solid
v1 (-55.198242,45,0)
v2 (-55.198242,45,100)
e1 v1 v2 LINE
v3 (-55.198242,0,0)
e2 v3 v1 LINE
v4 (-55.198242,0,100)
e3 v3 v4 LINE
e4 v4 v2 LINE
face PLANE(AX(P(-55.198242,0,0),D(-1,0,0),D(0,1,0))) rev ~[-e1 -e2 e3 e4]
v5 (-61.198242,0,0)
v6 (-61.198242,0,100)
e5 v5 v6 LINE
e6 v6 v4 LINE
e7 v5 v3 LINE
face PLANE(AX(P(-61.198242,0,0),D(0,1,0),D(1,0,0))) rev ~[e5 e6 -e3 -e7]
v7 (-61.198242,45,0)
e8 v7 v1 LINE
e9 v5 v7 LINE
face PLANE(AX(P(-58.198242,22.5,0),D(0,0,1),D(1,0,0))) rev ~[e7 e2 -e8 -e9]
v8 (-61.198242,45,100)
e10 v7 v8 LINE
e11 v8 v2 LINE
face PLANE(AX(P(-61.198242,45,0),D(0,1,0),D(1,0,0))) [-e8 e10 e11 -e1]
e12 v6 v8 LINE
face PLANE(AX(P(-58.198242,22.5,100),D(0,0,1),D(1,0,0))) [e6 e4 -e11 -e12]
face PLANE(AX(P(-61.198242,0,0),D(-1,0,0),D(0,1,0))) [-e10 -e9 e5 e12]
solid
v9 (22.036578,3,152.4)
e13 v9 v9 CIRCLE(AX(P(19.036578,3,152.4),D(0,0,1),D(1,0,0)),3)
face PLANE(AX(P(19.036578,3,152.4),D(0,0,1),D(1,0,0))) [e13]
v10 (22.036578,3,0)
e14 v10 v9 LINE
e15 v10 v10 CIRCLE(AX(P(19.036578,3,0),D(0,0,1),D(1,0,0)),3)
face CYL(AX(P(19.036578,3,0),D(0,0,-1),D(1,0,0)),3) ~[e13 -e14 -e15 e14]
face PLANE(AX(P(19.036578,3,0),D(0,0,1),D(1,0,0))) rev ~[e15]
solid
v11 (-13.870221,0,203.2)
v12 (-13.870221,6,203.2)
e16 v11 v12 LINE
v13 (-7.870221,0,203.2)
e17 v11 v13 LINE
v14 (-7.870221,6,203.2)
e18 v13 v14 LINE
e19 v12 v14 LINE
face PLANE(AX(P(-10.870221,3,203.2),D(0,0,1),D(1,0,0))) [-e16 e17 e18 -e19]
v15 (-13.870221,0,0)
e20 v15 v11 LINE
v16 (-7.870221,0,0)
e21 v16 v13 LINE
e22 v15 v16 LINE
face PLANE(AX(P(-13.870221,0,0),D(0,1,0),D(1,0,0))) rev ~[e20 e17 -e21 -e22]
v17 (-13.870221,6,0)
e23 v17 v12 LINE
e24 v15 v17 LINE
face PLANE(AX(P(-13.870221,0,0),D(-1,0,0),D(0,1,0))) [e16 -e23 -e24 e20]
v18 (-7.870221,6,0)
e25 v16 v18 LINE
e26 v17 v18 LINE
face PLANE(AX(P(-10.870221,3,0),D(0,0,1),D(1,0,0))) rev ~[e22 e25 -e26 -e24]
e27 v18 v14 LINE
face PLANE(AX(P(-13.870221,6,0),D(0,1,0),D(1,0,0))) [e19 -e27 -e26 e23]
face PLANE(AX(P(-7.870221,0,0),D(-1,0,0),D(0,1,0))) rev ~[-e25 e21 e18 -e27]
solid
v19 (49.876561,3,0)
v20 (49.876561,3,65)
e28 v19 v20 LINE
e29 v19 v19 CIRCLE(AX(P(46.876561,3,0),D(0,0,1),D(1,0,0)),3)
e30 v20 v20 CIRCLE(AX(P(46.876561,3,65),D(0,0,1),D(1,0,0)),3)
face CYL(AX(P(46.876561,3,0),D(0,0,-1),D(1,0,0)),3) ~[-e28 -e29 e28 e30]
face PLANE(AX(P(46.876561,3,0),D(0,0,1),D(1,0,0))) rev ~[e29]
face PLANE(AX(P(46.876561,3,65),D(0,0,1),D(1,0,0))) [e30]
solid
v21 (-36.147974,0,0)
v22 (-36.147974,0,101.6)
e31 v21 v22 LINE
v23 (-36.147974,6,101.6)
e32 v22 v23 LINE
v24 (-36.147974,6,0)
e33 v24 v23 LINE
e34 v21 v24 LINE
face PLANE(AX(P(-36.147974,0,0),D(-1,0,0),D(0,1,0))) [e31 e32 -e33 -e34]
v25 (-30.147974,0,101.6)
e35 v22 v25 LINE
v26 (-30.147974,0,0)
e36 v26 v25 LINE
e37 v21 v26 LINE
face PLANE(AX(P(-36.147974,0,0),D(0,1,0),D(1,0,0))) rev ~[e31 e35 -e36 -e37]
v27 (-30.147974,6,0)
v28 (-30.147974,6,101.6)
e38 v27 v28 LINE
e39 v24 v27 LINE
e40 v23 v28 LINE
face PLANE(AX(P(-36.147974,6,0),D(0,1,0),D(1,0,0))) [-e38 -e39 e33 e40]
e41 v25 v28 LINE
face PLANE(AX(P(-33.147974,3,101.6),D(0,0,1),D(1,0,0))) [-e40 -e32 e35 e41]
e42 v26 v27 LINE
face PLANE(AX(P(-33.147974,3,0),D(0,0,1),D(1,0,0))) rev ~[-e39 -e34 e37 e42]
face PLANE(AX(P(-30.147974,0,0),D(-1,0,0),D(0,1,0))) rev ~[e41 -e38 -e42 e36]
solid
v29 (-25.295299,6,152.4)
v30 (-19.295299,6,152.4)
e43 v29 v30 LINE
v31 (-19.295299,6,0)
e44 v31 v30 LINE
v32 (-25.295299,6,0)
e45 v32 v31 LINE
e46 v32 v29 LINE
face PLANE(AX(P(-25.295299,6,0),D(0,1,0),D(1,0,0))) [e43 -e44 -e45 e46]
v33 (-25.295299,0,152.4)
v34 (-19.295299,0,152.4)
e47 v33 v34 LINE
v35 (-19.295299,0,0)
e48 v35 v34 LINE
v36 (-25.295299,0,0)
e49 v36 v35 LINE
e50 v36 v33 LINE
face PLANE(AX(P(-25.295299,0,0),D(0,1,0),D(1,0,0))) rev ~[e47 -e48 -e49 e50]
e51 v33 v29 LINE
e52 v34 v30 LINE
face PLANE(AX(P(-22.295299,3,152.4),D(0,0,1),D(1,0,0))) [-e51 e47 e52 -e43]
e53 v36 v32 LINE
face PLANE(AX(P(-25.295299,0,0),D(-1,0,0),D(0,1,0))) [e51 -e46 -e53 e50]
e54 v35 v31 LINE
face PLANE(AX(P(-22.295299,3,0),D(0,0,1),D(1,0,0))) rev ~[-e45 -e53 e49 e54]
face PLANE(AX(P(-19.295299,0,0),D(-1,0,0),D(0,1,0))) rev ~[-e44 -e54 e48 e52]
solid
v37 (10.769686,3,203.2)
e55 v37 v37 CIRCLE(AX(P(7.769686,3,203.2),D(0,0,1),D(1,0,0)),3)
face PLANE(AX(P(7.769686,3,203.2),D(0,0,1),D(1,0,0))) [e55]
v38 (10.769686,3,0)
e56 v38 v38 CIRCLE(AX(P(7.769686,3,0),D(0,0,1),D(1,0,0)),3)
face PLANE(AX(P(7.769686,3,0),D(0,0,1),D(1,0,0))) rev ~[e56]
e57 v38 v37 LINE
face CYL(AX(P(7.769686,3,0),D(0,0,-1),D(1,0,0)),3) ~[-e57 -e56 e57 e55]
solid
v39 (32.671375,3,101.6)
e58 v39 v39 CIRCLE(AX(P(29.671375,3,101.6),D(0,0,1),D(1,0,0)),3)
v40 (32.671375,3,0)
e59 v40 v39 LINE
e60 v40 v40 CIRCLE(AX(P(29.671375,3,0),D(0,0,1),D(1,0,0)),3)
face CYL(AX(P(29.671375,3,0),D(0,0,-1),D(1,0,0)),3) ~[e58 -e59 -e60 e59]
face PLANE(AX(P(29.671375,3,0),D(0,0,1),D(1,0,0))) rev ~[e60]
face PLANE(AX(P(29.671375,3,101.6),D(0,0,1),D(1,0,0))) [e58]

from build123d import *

# Parameters (mm, degrees)
F0_W     = 6
F0_H     = 6
F1_DEPTH = 101.6
F2_DEPTH = 152.4
F3_DEPTH = 203.2
F0_R     = 3
F4_DEPTH = 203.2
F5_DEPTH = 152.4
F6_DEPTH = 101.6
F7_DEPTH = 65
F0_H_2   = 45
F8_DEPTH = 100


with BuildPart() as f1:
    # F0 (on Top) → F1 (new body)
    with BuildSketch(Plane.XY):
        with Locations((-33.147974, 3)):
            Rectangle(F0_W, F0_H)
    extrude(amount=F1_DEPTH)


with BuildPart() as f2:
    # F0 (on Top) → F2 (new body)
    with BuildSketch(Plane.XY):
        with Locations((-22.295299, 3)):
            Rectangle(F0_W, F0_H)
    extrude(amount=F2_DEPTH)


with BuildPart() as f3:
    # F0 (on Top) → F3 (new body)
    with BuildSketch(Plane.XY):
        with Locations((-10.870221, 3)):
            Rectangle(F0_W, F0_H)
    extrude(amount=F3_DEPTH)


with BuildPart() as f4:
    # F0 (on Top) → F4 (new body)
    with BuildSketch(Plane.XY):
        with Locations((7.769686, 3)):
            Circle(F0_R)
    extrude(amount=F4_DEPTH)


with BuildPart() as f5:
    # F0 (on Top) → F5 (new body)
    with BuildSketch(Plane.XY):
        with Locations((19.036578, 3)):
            Circle(F0_R)
    extrude(amount=F5_DEPTH)


with BuildPart() as f6:
    # F0 (on Top) → F6 (new body)
    with BuildSketch(Plane.XY):
        with Locations((29.671375, 3)):
            Circle(F0_R)
    extrude(amount=F6_DEPTH)


with BuildPart() as f7:
    # F0 (on Top) → F7 (new body)
    with BuildSketch(Plane.XY):
        with Locations((46.876561, 3)):
            Circle(F0_R)
    extrude(amount=F7_DEPTH)


with BuildPart() as f8:
    # F0 (on Top) → F8 (new body)
    with BuildSketch(Plane.XY):
        with Locations((-58.198242, 22.5)):
            Rectangle(F0_W, F0_H_2)
    extrude(amount=F8_DEPTH)


solid = Compound([f1.part, f2.part, f3.part, f4.part, f5.part, f6.part, f7.part, f8.part])
